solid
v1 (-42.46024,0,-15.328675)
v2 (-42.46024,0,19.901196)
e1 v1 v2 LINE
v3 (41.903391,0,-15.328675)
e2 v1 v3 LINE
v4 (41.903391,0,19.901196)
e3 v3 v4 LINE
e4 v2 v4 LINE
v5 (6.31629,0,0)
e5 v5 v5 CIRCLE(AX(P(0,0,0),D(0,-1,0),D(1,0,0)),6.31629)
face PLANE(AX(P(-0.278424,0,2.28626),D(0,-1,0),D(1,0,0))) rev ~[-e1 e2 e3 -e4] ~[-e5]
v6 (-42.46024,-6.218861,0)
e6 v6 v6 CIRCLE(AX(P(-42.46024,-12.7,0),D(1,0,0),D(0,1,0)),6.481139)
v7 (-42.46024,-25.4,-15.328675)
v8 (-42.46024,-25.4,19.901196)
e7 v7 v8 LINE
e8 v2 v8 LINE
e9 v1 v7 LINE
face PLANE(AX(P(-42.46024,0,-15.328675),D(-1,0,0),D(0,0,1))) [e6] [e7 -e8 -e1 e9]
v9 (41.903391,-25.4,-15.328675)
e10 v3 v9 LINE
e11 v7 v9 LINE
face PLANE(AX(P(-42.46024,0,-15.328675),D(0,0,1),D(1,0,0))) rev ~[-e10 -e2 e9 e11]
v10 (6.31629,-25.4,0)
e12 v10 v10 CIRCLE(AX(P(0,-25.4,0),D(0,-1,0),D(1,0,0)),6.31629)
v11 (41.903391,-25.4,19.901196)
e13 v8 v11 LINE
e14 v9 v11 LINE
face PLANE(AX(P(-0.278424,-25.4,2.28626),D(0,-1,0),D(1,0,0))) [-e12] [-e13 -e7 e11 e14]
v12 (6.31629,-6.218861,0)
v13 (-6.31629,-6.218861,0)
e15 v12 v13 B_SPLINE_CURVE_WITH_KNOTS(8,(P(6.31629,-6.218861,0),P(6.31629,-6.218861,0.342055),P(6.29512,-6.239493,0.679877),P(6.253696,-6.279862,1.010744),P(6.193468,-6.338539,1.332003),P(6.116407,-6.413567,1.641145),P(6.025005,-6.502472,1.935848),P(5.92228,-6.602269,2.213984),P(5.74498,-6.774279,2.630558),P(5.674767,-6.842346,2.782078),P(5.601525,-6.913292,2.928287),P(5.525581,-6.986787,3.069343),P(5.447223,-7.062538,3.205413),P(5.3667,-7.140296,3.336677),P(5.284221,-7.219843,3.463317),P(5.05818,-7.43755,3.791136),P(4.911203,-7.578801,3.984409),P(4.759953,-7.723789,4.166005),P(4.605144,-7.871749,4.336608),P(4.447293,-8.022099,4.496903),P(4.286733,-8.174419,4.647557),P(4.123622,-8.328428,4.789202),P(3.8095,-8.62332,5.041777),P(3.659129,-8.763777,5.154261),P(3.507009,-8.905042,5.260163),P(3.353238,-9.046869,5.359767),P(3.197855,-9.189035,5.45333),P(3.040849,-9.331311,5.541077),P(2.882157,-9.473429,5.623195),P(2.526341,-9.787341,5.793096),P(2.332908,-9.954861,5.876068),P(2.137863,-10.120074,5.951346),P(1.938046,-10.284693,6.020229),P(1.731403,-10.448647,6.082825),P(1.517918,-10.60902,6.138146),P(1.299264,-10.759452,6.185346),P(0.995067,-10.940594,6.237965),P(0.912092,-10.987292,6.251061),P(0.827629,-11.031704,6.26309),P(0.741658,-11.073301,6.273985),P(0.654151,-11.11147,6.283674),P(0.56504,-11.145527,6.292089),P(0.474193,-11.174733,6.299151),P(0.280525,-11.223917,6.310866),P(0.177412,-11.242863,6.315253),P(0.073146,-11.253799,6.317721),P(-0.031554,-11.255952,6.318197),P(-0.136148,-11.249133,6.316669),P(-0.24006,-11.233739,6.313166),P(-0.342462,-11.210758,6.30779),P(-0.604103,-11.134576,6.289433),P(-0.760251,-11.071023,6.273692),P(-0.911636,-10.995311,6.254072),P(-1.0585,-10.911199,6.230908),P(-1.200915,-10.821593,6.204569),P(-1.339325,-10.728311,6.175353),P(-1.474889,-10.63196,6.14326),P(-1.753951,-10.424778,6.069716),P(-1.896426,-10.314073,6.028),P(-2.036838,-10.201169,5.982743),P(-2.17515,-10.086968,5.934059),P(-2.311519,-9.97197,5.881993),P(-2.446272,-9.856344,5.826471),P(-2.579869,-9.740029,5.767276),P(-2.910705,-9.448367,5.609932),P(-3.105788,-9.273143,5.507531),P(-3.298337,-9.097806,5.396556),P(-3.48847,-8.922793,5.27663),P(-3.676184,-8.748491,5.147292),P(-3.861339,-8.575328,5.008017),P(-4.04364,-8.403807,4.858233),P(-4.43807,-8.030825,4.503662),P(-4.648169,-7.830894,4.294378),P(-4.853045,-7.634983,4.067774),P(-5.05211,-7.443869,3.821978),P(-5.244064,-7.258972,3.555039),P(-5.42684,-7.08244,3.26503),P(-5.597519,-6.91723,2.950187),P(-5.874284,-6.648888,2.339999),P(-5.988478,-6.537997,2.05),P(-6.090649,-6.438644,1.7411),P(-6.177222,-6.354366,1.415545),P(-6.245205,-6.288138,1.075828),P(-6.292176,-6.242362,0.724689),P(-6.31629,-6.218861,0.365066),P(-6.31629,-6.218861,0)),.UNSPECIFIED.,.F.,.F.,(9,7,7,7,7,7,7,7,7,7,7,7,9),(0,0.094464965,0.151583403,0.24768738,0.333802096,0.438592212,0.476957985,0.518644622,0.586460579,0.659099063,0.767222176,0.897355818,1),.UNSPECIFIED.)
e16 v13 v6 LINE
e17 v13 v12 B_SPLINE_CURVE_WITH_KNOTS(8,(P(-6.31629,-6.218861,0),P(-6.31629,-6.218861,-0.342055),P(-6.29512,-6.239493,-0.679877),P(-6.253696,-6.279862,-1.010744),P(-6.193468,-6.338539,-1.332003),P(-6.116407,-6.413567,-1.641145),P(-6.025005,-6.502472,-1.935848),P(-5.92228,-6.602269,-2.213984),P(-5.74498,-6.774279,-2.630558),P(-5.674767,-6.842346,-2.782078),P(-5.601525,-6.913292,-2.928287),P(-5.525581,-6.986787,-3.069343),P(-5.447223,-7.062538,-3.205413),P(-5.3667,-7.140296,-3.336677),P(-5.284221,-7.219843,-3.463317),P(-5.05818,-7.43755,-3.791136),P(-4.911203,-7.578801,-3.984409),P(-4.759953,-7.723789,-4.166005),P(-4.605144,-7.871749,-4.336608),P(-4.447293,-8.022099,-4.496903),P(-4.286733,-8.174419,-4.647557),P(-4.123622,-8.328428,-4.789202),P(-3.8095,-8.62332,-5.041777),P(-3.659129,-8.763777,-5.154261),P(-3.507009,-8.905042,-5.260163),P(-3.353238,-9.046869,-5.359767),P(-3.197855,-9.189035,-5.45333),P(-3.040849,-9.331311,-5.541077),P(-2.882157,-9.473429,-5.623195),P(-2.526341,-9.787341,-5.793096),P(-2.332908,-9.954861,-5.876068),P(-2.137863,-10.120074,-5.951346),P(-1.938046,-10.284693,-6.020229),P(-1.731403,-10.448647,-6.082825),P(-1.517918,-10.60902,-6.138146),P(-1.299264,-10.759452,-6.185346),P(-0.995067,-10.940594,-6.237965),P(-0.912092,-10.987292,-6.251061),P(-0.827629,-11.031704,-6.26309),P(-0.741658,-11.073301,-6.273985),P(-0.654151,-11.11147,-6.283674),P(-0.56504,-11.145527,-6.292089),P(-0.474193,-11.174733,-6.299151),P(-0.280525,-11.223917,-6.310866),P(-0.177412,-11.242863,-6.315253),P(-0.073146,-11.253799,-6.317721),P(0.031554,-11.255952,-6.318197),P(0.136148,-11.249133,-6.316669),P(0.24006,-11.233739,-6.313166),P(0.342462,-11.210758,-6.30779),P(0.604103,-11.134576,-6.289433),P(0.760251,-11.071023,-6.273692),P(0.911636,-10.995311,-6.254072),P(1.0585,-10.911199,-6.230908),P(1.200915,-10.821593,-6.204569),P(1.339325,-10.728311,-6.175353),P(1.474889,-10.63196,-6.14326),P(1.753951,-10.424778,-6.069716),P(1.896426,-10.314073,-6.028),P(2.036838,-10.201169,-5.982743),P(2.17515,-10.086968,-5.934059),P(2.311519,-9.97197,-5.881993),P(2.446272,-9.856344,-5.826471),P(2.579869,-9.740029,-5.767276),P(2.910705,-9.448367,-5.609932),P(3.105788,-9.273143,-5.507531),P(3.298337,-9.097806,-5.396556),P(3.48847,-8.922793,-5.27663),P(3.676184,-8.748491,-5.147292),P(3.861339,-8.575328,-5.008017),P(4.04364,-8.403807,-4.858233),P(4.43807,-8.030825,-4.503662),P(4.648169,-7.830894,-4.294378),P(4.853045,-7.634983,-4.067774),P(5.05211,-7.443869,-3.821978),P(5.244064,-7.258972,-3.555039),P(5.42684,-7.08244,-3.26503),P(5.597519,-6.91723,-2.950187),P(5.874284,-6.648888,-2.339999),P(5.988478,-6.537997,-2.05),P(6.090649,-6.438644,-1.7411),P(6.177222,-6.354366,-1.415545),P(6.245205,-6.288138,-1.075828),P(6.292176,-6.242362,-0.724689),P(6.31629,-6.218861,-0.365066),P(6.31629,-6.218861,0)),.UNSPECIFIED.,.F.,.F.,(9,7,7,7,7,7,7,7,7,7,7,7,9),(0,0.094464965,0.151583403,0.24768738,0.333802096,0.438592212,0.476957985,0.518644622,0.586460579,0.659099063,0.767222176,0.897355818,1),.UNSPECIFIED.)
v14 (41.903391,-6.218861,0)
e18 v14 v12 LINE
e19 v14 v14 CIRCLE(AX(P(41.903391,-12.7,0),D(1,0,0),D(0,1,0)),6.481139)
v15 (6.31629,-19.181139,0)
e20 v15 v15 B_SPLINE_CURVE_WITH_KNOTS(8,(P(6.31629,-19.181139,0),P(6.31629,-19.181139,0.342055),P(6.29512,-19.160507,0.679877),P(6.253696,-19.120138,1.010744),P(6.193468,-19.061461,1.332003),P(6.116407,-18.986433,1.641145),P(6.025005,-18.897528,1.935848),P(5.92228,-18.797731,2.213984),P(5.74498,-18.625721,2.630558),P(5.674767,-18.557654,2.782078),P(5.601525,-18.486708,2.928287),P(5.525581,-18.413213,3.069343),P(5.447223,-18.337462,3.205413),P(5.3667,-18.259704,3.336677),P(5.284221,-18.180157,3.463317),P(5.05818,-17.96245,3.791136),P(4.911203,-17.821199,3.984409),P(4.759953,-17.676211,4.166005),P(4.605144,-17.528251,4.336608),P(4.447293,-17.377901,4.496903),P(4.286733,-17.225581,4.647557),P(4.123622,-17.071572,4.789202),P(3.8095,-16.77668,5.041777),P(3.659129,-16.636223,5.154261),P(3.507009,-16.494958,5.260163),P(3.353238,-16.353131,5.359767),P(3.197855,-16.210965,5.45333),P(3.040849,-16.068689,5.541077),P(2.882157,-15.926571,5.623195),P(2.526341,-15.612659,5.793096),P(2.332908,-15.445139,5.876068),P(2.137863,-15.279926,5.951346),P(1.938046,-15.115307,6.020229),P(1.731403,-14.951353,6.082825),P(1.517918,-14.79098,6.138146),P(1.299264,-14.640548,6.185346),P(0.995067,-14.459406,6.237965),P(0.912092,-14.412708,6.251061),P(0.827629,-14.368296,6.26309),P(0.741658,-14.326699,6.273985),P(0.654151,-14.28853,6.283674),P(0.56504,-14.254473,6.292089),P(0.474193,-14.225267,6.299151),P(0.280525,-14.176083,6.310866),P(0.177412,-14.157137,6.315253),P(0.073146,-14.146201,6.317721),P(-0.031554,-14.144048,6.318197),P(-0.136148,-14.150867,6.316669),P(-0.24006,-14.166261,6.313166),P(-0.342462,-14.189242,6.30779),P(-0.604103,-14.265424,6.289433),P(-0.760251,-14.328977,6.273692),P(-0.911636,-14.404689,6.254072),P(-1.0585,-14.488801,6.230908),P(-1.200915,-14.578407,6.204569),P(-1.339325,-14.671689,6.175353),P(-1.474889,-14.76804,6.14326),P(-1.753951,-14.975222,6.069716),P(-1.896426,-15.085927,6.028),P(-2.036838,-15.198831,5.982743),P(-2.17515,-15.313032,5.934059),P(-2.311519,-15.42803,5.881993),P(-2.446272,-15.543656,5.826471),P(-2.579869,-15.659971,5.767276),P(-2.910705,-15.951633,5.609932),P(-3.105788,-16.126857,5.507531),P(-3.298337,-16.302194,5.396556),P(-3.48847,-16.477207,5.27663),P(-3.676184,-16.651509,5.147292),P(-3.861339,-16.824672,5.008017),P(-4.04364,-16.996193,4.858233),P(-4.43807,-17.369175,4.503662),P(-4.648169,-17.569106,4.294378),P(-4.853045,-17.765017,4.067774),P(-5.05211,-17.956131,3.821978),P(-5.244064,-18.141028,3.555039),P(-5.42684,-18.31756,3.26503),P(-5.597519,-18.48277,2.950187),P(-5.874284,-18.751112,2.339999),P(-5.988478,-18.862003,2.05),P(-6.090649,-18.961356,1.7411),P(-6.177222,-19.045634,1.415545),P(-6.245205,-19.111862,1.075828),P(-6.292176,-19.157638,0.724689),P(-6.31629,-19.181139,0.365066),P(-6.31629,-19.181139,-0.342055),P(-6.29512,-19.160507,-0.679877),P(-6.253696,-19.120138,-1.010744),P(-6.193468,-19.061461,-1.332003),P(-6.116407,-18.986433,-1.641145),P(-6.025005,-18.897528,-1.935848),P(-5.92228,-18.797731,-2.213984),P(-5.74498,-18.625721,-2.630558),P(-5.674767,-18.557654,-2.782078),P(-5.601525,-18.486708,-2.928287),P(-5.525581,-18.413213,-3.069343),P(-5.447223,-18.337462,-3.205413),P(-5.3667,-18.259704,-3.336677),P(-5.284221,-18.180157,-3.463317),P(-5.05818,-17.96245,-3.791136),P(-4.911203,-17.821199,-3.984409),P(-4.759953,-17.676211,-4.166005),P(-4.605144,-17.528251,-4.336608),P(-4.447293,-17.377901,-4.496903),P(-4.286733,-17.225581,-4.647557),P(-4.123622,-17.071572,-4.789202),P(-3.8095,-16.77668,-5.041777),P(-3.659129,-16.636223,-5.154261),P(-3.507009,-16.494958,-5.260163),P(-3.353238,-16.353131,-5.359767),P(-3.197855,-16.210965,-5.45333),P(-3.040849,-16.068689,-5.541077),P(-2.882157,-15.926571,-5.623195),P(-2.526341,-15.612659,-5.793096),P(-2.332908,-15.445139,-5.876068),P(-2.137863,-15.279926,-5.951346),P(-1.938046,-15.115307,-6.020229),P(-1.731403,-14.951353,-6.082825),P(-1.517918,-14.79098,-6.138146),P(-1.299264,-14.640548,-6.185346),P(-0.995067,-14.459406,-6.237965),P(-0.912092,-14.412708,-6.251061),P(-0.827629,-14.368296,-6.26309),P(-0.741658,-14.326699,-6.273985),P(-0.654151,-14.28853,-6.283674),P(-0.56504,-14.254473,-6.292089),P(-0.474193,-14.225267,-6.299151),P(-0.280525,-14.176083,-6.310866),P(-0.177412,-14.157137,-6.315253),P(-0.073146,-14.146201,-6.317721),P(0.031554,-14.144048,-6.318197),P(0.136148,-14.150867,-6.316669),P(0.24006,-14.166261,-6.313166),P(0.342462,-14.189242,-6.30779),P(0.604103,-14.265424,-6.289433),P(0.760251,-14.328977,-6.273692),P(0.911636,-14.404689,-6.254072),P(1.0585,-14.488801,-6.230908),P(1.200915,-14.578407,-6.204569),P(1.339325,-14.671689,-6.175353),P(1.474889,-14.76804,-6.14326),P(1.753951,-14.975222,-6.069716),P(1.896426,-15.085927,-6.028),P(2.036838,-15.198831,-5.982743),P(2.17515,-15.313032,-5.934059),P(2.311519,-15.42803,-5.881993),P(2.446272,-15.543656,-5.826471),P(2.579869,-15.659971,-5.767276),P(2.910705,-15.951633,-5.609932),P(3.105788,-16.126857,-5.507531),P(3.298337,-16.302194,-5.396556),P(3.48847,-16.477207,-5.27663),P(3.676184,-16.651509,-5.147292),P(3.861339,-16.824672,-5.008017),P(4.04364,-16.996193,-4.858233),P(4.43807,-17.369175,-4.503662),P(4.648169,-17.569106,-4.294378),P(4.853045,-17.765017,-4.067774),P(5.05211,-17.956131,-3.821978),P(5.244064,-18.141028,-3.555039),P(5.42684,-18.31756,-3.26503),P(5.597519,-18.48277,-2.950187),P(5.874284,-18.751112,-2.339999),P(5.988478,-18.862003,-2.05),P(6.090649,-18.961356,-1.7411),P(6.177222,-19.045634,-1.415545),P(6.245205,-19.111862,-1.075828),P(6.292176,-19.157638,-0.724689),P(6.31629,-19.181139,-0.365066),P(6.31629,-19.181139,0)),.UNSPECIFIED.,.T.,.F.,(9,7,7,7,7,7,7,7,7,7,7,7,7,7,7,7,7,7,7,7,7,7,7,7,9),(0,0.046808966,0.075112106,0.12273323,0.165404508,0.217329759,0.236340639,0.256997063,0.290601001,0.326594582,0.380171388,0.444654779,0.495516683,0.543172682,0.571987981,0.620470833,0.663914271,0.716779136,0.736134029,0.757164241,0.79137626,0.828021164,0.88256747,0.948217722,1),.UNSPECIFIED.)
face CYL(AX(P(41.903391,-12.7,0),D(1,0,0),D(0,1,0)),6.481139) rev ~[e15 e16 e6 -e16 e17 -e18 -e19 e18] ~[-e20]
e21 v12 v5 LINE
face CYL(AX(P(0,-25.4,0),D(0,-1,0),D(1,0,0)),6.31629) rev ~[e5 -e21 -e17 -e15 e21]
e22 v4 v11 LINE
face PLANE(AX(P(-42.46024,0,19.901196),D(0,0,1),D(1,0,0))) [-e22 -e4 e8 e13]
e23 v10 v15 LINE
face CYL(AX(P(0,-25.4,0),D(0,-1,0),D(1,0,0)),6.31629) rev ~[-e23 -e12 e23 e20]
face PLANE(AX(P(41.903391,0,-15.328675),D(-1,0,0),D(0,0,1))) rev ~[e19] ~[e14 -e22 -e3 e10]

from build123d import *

# Parameters (mm, degrees)
F0_W     = 84.3636319041
F0_H     = 35.2298701182
F1_DEPTH = 25.4
F2_R     = 6.3162901038
F3_DEPTH = 25.401
F4_R     = 6.4811389114
F5_DEPTH = 84.3646319041


with BuildPart() as f1:
    # F0 (on Front) → F1 (new body)
    with BuildSketch(Plane.XZ):
        with Locations((-0.2784244716, 2.2862604819)):
            Rectangle(F0_W, F0_H)
    extrude(amount=F1_DEPTH)

    # F2 (on face) → F3 (cut, through all)
    with BuildSketch(Plane.XZ.offset(25.4)):
        Circle(F2_R)
    extrude(amount=-F3_DEPTH, mode=Mode.SUBTRACT)

    # F4 (on face) → F5 (cut, through all)
    with BuildSketch(Plane.YZ.offset(41.9033914804)):
        with Locations((-12.7, 0)):
            Circle(F4_R)
    extrude(amount=-F5_DEPTH, mode=Mode.SUBTRACT)


solid = f1.part
